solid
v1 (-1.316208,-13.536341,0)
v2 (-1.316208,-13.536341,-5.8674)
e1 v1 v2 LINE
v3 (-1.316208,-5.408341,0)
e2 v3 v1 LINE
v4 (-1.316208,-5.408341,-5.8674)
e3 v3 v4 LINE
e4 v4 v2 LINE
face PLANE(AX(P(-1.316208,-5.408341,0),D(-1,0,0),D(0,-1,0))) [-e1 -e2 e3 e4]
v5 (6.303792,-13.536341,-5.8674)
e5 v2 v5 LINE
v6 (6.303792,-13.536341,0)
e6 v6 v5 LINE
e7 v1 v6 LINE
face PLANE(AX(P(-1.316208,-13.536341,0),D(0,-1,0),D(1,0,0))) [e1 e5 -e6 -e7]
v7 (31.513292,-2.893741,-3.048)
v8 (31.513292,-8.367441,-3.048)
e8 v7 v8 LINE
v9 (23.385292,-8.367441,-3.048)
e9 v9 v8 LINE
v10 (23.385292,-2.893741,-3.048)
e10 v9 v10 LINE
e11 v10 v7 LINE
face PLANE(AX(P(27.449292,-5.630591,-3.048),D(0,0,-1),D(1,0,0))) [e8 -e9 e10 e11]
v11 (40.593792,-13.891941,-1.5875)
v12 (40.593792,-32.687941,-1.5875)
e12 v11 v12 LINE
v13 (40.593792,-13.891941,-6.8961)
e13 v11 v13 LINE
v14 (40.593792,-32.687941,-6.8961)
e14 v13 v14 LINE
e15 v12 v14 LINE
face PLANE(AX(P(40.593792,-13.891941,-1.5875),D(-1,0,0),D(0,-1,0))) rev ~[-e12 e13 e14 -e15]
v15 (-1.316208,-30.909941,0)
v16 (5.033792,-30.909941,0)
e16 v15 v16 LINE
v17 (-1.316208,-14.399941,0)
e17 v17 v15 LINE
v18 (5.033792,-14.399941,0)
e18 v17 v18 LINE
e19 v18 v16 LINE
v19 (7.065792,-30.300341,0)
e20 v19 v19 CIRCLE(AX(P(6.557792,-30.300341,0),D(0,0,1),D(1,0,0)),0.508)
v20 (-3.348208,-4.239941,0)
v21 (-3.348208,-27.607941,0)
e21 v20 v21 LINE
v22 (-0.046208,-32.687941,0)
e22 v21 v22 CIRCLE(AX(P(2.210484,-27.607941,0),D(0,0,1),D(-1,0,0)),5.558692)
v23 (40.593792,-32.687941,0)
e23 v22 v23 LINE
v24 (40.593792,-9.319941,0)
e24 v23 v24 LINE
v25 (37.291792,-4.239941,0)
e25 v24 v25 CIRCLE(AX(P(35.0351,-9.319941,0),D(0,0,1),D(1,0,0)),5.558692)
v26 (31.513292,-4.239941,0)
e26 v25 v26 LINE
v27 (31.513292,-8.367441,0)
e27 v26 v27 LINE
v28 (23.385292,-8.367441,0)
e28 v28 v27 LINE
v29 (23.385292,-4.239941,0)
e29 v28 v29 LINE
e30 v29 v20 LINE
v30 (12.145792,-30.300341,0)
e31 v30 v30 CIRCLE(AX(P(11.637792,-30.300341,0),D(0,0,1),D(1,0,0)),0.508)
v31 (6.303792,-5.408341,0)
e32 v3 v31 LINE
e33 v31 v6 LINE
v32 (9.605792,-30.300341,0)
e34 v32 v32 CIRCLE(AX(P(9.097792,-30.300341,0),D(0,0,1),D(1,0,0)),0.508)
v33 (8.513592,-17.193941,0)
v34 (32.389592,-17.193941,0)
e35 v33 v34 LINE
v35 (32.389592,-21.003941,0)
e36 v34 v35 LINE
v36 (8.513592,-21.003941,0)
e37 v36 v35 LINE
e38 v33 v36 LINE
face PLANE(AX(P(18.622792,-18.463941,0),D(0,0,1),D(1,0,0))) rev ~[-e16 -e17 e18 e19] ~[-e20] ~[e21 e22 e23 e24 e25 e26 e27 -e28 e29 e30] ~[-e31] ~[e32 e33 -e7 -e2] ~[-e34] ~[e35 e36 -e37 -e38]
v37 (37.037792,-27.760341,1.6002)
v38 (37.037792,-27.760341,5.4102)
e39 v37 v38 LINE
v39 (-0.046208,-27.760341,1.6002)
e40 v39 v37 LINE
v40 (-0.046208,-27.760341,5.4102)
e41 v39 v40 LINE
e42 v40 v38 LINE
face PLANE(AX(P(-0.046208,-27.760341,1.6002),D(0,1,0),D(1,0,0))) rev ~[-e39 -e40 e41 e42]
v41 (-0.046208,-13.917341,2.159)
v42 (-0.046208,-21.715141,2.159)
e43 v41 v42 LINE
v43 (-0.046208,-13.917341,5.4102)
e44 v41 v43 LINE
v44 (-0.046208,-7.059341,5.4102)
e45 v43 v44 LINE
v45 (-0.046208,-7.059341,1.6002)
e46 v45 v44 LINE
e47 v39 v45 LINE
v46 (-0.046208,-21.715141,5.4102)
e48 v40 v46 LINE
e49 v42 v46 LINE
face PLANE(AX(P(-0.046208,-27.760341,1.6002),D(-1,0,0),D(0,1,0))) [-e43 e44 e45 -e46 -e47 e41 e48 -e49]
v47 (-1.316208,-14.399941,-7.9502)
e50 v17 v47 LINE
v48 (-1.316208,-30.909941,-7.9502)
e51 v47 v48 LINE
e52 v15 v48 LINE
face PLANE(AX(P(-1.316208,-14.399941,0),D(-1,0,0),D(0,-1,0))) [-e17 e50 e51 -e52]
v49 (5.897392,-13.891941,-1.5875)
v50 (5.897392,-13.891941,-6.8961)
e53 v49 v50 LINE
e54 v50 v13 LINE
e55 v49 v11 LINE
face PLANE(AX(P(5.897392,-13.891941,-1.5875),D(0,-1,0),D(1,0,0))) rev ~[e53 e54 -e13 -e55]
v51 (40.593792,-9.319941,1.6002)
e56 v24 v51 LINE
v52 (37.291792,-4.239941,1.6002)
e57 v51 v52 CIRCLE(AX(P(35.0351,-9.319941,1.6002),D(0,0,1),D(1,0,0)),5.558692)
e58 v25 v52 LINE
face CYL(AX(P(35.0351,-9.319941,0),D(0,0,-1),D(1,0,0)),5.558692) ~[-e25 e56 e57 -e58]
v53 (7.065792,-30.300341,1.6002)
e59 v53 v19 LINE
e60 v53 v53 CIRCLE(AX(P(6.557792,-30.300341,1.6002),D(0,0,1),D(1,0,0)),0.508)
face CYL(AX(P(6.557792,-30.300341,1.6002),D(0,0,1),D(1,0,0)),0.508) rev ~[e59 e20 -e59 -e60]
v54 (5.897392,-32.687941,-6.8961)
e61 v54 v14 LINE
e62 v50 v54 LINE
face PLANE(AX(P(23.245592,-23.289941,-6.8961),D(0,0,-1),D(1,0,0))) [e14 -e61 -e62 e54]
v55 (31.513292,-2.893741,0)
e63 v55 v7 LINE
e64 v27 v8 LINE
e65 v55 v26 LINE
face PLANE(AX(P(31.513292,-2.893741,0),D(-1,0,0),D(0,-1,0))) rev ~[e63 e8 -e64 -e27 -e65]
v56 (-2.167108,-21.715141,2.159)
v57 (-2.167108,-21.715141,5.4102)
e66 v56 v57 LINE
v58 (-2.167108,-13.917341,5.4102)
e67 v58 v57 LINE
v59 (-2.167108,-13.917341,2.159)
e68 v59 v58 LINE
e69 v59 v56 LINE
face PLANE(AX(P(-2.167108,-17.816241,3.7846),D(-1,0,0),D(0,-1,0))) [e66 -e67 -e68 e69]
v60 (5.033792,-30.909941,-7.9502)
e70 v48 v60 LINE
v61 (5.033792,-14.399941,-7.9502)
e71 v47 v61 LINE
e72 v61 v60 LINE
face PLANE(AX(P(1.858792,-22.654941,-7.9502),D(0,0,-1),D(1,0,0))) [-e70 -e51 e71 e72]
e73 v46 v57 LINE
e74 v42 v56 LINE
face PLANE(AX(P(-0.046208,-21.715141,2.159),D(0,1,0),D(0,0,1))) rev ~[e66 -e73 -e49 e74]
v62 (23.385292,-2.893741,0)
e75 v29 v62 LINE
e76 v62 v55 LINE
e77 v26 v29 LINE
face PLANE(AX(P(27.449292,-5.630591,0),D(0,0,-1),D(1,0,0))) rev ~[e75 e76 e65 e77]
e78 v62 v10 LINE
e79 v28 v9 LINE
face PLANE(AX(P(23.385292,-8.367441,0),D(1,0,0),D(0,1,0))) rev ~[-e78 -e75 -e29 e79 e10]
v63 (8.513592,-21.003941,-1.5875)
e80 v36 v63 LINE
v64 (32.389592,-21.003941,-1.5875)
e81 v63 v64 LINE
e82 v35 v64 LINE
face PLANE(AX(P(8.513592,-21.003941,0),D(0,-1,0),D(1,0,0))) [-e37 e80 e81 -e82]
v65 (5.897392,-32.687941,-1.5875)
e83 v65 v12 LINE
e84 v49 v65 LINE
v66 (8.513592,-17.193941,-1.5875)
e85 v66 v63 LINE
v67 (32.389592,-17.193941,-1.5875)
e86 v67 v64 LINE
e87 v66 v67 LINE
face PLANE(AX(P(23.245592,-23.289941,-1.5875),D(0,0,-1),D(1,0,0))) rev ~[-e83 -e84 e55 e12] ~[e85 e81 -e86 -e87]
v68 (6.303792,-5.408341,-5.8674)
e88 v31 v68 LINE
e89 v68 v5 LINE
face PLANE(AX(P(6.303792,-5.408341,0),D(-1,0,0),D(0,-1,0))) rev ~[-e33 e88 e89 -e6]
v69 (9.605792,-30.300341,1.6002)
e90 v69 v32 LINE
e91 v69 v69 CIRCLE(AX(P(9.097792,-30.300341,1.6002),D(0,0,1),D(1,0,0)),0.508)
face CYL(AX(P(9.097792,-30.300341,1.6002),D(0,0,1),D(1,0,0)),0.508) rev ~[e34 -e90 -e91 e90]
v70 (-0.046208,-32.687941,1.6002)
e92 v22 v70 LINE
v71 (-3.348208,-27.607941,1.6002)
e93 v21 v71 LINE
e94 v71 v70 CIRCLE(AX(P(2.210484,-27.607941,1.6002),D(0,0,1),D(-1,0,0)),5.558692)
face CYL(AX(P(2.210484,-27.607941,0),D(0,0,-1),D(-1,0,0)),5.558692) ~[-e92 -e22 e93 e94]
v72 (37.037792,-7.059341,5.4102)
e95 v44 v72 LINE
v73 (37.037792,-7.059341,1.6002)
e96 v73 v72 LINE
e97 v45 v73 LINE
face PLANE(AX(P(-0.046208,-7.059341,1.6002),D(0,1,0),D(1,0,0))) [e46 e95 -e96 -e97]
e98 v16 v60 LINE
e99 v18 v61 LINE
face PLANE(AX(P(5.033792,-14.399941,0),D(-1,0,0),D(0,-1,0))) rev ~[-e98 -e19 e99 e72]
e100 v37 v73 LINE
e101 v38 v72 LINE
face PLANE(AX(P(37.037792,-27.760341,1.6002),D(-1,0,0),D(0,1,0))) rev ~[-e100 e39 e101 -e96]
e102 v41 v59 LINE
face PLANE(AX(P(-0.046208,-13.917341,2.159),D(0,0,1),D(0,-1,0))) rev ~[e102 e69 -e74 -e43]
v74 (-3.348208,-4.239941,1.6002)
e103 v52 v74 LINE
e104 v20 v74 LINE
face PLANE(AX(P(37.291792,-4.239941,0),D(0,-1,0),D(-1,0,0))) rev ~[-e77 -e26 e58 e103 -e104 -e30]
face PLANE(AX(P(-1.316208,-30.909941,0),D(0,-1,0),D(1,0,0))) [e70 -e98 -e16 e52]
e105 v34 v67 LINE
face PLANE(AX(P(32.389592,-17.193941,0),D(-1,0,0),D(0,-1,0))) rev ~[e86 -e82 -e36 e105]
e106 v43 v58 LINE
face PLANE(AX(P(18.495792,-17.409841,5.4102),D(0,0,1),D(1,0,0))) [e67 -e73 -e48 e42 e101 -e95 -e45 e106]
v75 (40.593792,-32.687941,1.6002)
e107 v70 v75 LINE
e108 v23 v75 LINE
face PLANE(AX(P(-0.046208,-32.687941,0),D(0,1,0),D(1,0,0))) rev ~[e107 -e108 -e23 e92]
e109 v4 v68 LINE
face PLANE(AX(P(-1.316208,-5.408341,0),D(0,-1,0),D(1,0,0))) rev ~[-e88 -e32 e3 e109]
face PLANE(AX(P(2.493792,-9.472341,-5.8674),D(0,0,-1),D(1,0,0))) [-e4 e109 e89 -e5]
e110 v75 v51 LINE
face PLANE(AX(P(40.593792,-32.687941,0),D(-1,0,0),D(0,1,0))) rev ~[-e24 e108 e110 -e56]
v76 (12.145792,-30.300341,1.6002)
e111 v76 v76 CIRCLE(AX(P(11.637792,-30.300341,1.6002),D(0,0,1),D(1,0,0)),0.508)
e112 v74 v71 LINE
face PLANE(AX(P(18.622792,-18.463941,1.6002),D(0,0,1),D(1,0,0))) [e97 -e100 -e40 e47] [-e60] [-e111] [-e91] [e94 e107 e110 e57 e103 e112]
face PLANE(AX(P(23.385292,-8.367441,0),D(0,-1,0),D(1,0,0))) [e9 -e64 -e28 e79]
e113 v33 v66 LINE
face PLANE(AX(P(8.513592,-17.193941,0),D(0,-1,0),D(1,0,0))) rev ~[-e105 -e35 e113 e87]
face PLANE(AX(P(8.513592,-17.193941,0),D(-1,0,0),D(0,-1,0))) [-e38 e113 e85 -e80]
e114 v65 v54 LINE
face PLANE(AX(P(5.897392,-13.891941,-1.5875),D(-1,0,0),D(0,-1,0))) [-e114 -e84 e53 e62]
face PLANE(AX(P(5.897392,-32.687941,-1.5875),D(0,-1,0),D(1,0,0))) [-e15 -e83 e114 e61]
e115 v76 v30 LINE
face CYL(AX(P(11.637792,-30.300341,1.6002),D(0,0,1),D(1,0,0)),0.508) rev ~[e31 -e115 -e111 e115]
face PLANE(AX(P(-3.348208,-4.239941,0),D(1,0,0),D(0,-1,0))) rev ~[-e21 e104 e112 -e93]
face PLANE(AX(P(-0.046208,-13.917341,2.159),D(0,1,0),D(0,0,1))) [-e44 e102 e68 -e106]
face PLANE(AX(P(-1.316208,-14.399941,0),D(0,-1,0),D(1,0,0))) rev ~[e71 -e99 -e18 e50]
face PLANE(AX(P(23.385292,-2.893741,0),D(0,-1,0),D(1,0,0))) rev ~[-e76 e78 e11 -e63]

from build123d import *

# Parameters (mm, degrees)
F1_DEPTH  = 1.6002
F2_W      = 37.084
F2_H      = 20.701
F3_DEPTH  = 3.81
F4_W      = 7.7978
F4_H      = 3.2512
F5_DEPTH  = 2.1209
F6_R      = 0.508
F7_DEPTH  = 25.4
F8_W      = 6.35
F8_H      = 16.51
F9_DEPTH  = 7.9502
F10_W     = 7.62
F10_H     = 8.128
F11_DEPTH = 5.8674
F12_W     = 23.876
F12_H     = 3.81
F13_DEPTH = 1.5875
F14_W     = 8.128
F14_H     = 5.4737
F14_H_2   = 4.1275
F15_DEPTH = 3.048
F16_W     = 34.6964
F16_H     = 18.796
F16_W_2   = 23.876
F16_H_2   = 3.81
F17_DEPTH = 5.3086


with BuildPart() as f1:
    # F0 (on Top) → F1 (new body)
    with BuildSketch(Plane.XY):
        with BuildLine():
            Line((37.2917920684, -4.2399411205), (-3.3482079316, -4.2399411205))
            Line((-3.3482079316, -4.2399411205), (-3.3482079316, -27.6079411205))
            ThreePointArc((-3.3482079316, -27.6079411205), (-2.4501657042, -30.6373636727), (-0.0462079316, -32.6879411205))
            Line((-0.0462079316, -32.6879411205), (40.5937920684, -32.6879411205))
            Line((40.5937920684, -32.6879411205), (40.5937920684, -9.3199411205))
            ThreePointArc((40.5937920684, -9.3199411205), (39.6957498411, -6.2905185683), (37.2917920684, -4.2399411205))
        make_face()
    extrude(amount=F1_DEPTH)

    # F2 (on face) → F3 (join)
    with BuildSketch(Plane.XY.offset(1.6002)):
        with Locations((18.4957920684, -17.4098411205)):
            Rectangle(F2_W, F2_H)
    extrude(amount=F3_DEPTH)

    # F4 (on face) → F5 (join)
    with BuildSketch(Plane(origin=(-0.0462079316, 0, 0), x_dir=(0, -1, 0), z_dir=(-1, 0, 0))):
        with Locations((17.8162411205, 3.7846)):
            Rectangle(F4_W, F4_H)
    extrude(amount=F5_DEPTH)

    # F6 (on face) → F7 (cut)
    with BuildSketch(Plane.XY.offset(1.6002)):
        with Locations((6.5577920684, -30.3003411205)):
            Circle(F6_R)
        with Locations((9.0977920684, -30.3003411205)):
            Circle(F6_R)
        with Locations((11.6377920684, -30.3003411205)):
            Circle(F6_R)
    extrude(amount=-F7_DEPTH, mode=Mode.SUBTRACT)

    # F8 (on face) → F9 (join)
    with BuildSketch(Plane(origin=(0, 0, 0), x_dir=(1, 0, 0), z_dir=(0, 0, -1))):
        with Locations((1.8587920684, 22.6549411205)):
            Rectangle(F8_W, F8_H)
    extrude(amount=F9_DEPTH)

    # F10 (on face) → F11 (join)
    with BuildSketch(Plane(origin=(0, 0, 0), x_dir=(1, 0, 0), z_dir=(0, 0, -1))):
        with Locations((2.4937920684, 9.4723411205)):
            Rectangle(F10_W, F10_H)
    extrude(amount=F11_DEPTH)

    # F12 (on face) → F13 (join)
    with BuildSketch(Plane(origin=(0, 0, 0), x_dir=(1, 0, 0), z_dir=(0, 0, -1))):
        with Locations((20.4515920684, 19.0989411205)):
            Rectangle(F12_W, F12_H)
    extrude(amount=F13_DEPTH)

    # F14 (on face) → F15 (join)
    with BuildSketch(Plane(origin=(0, 0, 0), x_dir=(1, 0, 0), z_dir=(0, 0, -1))):
        with Locations((27.4492920684, 5.6305911205)):
            Rectangle(F14_W, F14_H)
        with Locations((27.4492920684, 6.3036911205)):
            Rectangle(F14_W, F14_H_2)
    extrude(amount=F15_DEPTH)

    # F16 (on face) → F17 (join)
    with BuildSketch(Plane(origin=(0, 0, -1.5875), x_dir=(1, 0, 0), z_dir=(0, 0, -1))):
        with Locations((23.2455920684, 23.2899411205)):
            Rectangle(F16_W, F16_H)
        with Locations((20.4515920684, 19.0989411205)):
            Rectangle(F16_W_2, F16_H_2, mode=Mode.SUBTRACT)
        with Locations((23.2455920684, 23.2899411205)):
            Rectangle(F16_W, F16_H)
    extrude(amount=F17_DEPTH)


solid = f1.part
